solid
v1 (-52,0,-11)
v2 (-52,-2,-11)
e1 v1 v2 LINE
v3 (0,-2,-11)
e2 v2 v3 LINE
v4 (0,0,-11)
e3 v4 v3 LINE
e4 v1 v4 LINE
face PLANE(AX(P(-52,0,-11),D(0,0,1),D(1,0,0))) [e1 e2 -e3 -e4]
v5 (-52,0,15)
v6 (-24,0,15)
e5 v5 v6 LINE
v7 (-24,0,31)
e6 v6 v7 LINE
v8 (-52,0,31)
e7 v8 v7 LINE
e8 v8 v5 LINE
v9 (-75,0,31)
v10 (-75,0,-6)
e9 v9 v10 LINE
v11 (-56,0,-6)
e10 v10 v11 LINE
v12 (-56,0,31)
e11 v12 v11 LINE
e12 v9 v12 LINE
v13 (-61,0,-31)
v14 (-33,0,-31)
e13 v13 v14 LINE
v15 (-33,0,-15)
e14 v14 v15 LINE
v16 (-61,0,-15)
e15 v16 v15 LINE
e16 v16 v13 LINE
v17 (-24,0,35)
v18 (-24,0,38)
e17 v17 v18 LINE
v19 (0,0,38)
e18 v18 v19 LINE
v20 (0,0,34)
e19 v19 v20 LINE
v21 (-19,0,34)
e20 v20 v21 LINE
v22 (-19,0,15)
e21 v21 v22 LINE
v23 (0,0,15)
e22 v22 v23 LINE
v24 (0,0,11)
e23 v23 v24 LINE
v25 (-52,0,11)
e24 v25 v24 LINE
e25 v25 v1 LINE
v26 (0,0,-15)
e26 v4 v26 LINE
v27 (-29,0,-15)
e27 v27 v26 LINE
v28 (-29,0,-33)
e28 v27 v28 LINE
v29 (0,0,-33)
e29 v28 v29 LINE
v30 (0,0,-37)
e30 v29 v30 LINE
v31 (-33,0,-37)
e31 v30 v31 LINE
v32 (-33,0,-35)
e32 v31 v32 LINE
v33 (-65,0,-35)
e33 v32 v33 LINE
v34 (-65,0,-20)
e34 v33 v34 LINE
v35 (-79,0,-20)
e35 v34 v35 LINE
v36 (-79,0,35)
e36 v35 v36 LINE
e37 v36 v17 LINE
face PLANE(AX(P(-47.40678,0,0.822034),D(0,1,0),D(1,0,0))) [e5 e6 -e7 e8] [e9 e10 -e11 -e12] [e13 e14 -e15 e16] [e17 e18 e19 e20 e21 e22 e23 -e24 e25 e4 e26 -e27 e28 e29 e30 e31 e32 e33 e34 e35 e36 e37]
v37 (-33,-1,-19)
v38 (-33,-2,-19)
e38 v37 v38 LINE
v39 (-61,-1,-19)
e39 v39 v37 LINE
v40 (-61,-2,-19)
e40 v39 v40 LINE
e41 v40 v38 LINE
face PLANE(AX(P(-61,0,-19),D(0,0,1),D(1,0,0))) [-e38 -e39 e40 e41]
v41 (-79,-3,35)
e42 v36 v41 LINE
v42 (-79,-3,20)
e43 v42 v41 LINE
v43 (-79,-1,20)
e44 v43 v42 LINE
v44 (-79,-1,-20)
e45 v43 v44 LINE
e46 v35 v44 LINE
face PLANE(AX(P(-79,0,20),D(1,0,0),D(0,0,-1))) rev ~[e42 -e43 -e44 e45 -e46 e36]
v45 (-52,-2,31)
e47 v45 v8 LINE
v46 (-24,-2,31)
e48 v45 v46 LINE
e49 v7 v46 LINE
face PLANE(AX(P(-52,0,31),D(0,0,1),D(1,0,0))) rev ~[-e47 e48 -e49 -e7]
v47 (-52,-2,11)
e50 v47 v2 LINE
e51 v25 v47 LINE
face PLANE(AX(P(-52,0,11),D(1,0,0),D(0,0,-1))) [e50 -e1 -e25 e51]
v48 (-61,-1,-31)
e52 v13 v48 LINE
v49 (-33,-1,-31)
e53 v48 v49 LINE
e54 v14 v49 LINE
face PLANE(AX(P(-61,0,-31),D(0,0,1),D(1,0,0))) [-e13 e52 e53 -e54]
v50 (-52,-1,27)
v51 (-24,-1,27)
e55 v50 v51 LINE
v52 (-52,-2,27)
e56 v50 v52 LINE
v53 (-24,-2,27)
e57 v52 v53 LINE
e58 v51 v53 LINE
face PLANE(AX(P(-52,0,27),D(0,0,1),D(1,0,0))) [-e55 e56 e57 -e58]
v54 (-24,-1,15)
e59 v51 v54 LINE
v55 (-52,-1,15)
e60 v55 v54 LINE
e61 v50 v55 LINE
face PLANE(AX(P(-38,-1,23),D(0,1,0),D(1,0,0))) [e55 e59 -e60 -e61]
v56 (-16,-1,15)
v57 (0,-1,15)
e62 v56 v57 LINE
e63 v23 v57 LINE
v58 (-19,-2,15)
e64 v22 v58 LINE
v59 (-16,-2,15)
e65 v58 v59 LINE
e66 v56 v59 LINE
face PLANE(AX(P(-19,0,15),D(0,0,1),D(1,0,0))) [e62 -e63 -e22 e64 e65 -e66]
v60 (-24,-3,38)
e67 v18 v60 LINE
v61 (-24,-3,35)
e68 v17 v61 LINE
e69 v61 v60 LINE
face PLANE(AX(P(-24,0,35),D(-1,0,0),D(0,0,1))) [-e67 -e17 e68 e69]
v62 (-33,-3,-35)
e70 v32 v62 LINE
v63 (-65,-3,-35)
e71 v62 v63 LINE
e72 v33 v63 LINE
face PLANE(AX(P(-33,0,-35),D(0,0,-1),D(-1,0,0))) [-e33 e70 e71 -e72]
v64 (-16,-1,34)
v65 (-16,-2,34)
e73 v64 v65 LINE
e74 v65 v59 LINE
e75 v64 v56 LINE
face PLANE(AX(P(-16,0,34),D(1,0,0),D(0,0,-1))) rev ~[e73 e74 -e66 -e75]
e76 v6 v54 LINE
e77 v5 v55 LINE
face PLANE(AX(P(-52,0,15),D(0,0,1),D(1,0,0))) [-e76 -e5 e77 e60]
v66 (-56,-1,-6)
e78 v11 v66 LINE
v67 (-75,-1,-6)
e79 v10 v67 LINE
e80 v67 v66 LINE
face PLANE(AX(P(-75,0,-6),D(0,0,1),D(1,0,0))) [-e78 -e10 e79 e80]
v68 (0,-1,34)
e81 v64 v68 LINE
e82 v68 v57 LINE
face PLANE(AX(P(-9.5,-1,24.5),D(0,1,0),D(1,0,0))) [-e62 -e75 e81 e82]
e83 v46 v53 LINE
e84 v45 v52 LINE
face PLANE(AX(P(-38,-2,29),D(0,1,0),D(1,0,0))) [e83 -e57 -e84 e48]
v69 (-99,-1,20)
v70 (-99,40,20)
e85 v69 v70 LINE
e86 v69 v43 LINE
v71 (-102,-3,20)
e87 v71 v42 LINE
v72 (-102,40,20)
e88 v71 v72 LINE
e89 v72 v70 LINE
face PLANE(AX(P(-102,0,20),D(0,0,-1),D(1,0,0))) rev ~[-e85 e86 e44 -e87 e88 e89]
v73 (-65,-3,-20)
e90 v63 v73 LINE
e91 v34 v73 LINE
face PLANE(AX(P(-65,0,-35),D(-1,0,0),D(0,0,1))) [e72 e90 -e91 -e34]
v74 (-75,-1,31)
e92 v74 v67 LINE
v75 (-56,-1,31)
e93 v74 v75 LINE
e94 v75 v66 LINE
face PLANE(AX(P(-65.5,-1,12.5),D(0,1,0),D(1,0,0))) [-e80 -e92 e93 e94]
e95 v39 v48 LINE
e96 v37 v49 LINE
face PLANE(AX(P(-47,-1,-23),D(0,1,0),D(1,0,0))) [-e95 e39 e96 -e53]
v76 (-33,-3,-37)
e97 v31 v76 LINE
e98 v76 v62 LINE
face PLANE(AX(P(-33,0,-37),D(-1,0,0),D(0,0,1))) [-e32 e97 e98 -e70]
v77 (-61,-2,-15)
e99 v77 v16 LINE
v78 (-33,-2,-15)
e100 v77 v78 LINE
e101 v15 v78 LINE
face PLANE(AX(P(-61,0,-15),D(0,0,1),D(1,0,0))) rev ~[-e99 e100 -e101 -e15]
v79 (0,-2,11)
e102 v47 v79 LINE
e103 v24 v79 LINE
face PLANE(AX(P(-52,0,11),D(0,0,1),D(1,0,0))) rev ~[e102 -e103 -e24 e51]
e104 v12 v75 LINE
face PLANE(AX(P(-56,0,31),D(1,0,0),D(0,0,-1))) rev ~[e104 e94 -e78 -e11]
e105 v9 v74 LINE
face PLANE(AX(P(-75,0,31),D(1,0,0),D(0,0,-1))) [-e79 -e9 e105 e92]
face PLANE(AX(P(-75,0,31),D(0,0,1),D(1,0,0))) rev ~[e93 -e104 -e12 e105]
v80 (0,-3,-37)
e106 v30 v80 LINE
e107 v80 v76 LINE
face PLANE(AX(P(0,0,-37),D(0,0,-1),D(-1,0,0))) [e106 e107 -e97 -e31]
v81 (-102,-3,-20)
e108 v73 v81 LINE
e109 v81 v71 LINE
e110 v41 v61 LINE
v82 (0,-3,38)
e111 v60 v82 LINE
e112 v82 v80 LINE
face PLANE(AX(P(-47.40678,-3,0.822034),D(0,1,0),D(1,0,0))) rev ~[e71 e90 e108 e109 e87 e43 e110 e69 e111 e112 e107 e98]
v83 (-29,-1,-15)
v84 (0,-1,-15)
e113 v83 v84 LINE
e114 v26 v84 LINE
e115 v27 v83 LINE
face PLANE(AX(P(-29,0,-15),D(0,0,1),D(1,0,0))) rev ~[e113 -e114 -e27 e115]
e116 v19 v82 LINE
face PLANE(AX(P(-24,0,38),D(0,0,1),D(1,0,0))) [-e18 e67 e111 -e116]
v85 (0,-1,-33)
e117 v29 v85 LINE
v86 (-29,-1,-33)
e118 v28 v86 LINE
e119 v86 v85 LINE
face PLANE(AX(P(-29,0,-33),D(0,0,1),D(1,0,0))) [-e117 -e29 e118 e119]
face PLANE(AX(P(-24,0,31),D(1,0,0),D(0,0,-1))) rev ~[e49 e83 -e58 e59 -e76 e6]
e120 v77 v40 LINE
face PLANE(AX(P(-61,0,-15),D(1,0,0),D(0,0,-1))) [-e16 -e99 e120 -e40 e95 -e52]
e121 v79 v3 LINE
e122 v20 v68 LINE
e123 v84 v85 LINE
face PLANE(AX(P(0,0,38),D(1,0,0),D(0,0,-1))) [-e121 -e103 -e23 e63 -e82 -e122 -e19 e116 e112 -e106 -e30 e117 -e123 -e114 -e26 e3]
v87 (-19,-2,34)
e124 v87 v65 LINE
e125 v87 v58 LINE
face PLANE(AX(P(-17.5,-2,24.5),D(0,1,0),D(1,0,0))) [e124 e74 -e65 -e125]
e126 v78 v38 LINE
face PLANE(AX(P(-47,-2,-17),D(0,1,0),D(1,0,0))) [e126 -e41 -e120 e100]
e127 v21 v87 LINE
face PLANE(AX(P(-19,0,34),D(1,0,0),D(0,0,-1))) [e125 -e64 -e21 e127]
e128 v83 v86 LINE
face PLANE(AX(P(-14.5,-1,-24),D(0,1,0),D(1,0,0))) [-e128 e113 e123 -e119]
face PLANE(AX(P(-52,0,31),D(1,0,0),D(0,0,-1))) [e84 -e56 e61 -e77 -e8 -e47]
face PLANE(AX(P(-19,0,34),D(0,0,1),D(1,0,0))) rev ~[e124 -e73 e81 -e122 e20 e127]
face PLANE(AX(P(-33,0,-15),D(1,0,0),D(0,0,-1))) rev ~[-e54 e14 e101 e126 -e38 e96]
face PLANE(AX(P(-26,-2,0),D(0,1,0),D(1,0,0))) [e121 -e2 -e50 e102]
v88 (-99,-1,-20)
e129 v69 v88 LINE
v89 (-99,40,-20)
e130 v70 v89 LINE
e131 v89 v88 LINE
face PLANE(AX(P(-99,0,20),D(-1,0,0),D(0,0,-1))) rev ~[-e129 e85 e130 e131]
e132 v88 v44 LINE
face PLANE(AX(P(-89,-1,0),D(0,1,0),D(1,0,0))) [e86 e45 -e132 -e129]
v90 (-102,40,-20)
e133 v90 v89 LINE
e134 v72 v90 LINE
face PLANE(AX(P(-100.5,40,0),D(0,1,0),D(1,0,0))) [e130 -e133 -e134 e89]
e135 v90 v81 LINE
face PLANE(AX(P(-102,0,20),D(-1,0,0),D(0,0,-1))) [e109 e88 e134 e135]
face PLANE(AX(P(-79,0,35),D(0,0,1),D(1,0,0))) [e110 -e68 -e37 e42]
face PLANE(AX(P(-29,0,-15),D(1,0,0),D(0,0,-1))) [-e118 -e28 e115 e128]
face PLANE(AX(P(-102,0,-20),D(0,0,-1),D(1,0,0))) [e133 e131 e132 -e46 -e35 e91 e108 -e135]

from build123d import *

# Parameters (mm, degrees)
BOSS_EXTRUDE2_DEPTH = 3
MOD_BAT_W           = 29
MOD_BAT_H           = 18
CUT_MOD_BAT_DEPTH   = 1
PICO_W              = 52
PICO_H              = 22
CUT_PICO_DEPTH      = 2
SD_CARD_W           = 19
SD_CARD_H           = 19
CUT_SD_CARD_DEPTH   = 1
SD_PIN_W            = 3
SD_PIN_H            = 19
CUT_SD_PIN_DEPTH    = 2
ACELEROMETRO1_W     = 28
ACELEROMETRO1_H     = 16
CUT_ACL1_DEPTH      = 1
STEP_UP_W           = 19
STEP_UP_H           = 37
CUT_STEPUP_DEPTH    = 1
ACELEROMETRO2_W     = 28
ACELEROMETRO2_H     = 16
CUT_ACL2_DEPTH      = 1
SKETCH10_W          = 28
SKETCH10_H          = 4
CUT_ACL1_PIN_DEPTH  = 2
SKETCH10_3_W        = 28
SKETCH10_3_H        = 4
CUT_ACL2_PIN_DEPTH  = 2
SKETCH11_W          = 3
SKETCH11_H          = 40
BOSS_EXTRUDE3_DEPTH = 40
SKETCH12_W          = 20
SKETCH12_H          = 40
CUT_EXTRUDE15_DEPTH = 1


with BuildPart() as part:
    # Sketch7 → Boss-Extrude2 (new body)
    with BuildSketch(Plane(origin=(0, 0, 0), x_dir=(1, 0, 0), z_dir=(0, 1, 0))):
        Polygon((-65, 20), (-102, 20), (-102, -20), (-79, -20), (-79, -35), (-24, -35), (-24, -38), (0, -38), (0, 37), (-33, 37), (-33, 35), (-65, 35), align=None)
    extrude(amount=-BOSS_EXTRUDE2_DEPTH)

    # Mod. Bat → Cut-mod Bat (cut)
    with BuildSketch(Plane(origin=(0, 0, 0), x_dir=(1, 0, 0), z_dir=(0, 1, 0))):
        with Locations((-14.5, 24)):
            Rectangle(MOD_BAT_W, MOD_BAT_H)
    extrude(amount=-CUT_MOD_BAT_DEPTH, mode=Mode.SUBTRACT)

    # Pico → Cut-Pico (cut)
    with BuildSketch(Plane(origin=(0, 0, 0), x_dir=(1, 0, 0), z_dir=(0, 1, 0))):
        with Locations((-26, 0)):
            Rectangle(PICO_W, PICO_H)
    extrude(amount=-CUT_PICO_DEPTH, mode=Mode.SUBTRACT)

    # SD Card → Cut-SD Card (cut)
    with BuildSketch(Plane(origin=(0, 0, 0), x_dir=(1, 0, 0), z_dir=(0, 1, 0))):
        with Locations((-9.5, -24.5)):
            Rectangle(SD_CARD_W, SD_CARD_H)
    extrude(amount=-CUT_SD_CARD_DEPTH, mode=Mode.SUBTRACT)

    # SD Pin → Cut-SD Pin (cut)
    with BuildSketch(Plane(origin=(0, 0, 0), x_dir=(1, 0, 0), z_dir=(0, 1, 0))):
        with Locations((-17.5, -24.5)):
            Rectangle(SD_PIN_W, SD_PIN_H)
    extrude(amount=-CUT_SD_PIN_DEPTH, mode=Mode.SUBTRACT)

    # Acelerometro1 → Cut-Acl1 (cut)
    with BuildSketch(Plane(origin=(0, 0, 0), x_dir=(1, 0, 0), z_dir=(0, 1, 0))):
        with Locations((-38, -23)):
            Rectangle(ACELEROMETRO1_W, ACELEROMETRO1_H)
    extrude(amount=-CUT_ACL1_DEPTH, mode=Mode.SUBTRACT)

    # step-up → Cut-StepUp (cut)
    with BuildSketch(Plane(origin=(0, 0, 0), x_dir=(1, 0, 0), z_dir=(0, 1, 0))):
        with Locations((-65.5, -12.5)):
            Rectangle(STEP_UP_W, STEP_UP_H)
    extrude(amount=-CUT_STEPUP_DEPTH, mode=Mode.SUBTRACT)

    # Acelerometro2 → Cut-Acl2 (cut)
    with BuildSketch(Plane(origin=(0, 0, 0), x_dir=(1, 0, 0), z_dir=(0, 1, 0))):
        with Locations((-47, 23)):
            Rectangle(ACELEROMETRO2_W, ACELEROMETRO2_H)
    extrude(amount=-CUT_ACL2_DEPTH, mode=Mode.SUBTRACT)

    # Sketch10 → Cut-Acl1 Pin (cut)
    with BuildSketch(Plane(origin=(0, 0, 0), x_dir=(1, 0, 0), z_dir=(0, 1, 0))):
        with Locations((-47, 17)):
            Rectangle(SKETCH10_W, SKETCH10_H)
    extrude(amount=-CUT_ACL1_PIN_DEPTH, mode=Mode.SUBTRACT)

    # Sketch10<3> → Cut-Acl2 Pin (cut)
    with BuildSketch(Plane(origin=(0, 0, 0), x_dir=(1, 0, 0), z_dir=(0, 1, 0))):
        with Locations((-38, -29)):
            Rectangle(SKETCH10_3_W, SKETCH10_3_H)
    extrude(amount=-CUT_ACL2_PIN_DEPTH, mode=Mode.SUBTRACT)

    # Sketch11 → Boss-Extrude3 (add)
    with BuildSketch(Plane(origin=(0, 0, 0), x_dir=(1, 0, 0), z_dir=(0, 1, 0))):
        with Locations((-100.5, 0)):
            Rectangle(SKETCH11_W, SKETCH11_H)
    extrude(amount=BOSS_EXTRUDE3_DEPTH)

    # Sketch12 → Cut-Extrude15 (cut)
    with BuildSketch(Plane(origin=(0, 0, 0), x_dir=(1, 0, 0), z_dir=(0, 1, 0))):
        with Locations((-89, 0)):
            Rectangle(SKETCH12_W, SKETCH12_H)
    extrude(amount=-CUT_EXTRUDE15_DEPTH, mode=Mode.SUBTRACT)


solid = part.part
